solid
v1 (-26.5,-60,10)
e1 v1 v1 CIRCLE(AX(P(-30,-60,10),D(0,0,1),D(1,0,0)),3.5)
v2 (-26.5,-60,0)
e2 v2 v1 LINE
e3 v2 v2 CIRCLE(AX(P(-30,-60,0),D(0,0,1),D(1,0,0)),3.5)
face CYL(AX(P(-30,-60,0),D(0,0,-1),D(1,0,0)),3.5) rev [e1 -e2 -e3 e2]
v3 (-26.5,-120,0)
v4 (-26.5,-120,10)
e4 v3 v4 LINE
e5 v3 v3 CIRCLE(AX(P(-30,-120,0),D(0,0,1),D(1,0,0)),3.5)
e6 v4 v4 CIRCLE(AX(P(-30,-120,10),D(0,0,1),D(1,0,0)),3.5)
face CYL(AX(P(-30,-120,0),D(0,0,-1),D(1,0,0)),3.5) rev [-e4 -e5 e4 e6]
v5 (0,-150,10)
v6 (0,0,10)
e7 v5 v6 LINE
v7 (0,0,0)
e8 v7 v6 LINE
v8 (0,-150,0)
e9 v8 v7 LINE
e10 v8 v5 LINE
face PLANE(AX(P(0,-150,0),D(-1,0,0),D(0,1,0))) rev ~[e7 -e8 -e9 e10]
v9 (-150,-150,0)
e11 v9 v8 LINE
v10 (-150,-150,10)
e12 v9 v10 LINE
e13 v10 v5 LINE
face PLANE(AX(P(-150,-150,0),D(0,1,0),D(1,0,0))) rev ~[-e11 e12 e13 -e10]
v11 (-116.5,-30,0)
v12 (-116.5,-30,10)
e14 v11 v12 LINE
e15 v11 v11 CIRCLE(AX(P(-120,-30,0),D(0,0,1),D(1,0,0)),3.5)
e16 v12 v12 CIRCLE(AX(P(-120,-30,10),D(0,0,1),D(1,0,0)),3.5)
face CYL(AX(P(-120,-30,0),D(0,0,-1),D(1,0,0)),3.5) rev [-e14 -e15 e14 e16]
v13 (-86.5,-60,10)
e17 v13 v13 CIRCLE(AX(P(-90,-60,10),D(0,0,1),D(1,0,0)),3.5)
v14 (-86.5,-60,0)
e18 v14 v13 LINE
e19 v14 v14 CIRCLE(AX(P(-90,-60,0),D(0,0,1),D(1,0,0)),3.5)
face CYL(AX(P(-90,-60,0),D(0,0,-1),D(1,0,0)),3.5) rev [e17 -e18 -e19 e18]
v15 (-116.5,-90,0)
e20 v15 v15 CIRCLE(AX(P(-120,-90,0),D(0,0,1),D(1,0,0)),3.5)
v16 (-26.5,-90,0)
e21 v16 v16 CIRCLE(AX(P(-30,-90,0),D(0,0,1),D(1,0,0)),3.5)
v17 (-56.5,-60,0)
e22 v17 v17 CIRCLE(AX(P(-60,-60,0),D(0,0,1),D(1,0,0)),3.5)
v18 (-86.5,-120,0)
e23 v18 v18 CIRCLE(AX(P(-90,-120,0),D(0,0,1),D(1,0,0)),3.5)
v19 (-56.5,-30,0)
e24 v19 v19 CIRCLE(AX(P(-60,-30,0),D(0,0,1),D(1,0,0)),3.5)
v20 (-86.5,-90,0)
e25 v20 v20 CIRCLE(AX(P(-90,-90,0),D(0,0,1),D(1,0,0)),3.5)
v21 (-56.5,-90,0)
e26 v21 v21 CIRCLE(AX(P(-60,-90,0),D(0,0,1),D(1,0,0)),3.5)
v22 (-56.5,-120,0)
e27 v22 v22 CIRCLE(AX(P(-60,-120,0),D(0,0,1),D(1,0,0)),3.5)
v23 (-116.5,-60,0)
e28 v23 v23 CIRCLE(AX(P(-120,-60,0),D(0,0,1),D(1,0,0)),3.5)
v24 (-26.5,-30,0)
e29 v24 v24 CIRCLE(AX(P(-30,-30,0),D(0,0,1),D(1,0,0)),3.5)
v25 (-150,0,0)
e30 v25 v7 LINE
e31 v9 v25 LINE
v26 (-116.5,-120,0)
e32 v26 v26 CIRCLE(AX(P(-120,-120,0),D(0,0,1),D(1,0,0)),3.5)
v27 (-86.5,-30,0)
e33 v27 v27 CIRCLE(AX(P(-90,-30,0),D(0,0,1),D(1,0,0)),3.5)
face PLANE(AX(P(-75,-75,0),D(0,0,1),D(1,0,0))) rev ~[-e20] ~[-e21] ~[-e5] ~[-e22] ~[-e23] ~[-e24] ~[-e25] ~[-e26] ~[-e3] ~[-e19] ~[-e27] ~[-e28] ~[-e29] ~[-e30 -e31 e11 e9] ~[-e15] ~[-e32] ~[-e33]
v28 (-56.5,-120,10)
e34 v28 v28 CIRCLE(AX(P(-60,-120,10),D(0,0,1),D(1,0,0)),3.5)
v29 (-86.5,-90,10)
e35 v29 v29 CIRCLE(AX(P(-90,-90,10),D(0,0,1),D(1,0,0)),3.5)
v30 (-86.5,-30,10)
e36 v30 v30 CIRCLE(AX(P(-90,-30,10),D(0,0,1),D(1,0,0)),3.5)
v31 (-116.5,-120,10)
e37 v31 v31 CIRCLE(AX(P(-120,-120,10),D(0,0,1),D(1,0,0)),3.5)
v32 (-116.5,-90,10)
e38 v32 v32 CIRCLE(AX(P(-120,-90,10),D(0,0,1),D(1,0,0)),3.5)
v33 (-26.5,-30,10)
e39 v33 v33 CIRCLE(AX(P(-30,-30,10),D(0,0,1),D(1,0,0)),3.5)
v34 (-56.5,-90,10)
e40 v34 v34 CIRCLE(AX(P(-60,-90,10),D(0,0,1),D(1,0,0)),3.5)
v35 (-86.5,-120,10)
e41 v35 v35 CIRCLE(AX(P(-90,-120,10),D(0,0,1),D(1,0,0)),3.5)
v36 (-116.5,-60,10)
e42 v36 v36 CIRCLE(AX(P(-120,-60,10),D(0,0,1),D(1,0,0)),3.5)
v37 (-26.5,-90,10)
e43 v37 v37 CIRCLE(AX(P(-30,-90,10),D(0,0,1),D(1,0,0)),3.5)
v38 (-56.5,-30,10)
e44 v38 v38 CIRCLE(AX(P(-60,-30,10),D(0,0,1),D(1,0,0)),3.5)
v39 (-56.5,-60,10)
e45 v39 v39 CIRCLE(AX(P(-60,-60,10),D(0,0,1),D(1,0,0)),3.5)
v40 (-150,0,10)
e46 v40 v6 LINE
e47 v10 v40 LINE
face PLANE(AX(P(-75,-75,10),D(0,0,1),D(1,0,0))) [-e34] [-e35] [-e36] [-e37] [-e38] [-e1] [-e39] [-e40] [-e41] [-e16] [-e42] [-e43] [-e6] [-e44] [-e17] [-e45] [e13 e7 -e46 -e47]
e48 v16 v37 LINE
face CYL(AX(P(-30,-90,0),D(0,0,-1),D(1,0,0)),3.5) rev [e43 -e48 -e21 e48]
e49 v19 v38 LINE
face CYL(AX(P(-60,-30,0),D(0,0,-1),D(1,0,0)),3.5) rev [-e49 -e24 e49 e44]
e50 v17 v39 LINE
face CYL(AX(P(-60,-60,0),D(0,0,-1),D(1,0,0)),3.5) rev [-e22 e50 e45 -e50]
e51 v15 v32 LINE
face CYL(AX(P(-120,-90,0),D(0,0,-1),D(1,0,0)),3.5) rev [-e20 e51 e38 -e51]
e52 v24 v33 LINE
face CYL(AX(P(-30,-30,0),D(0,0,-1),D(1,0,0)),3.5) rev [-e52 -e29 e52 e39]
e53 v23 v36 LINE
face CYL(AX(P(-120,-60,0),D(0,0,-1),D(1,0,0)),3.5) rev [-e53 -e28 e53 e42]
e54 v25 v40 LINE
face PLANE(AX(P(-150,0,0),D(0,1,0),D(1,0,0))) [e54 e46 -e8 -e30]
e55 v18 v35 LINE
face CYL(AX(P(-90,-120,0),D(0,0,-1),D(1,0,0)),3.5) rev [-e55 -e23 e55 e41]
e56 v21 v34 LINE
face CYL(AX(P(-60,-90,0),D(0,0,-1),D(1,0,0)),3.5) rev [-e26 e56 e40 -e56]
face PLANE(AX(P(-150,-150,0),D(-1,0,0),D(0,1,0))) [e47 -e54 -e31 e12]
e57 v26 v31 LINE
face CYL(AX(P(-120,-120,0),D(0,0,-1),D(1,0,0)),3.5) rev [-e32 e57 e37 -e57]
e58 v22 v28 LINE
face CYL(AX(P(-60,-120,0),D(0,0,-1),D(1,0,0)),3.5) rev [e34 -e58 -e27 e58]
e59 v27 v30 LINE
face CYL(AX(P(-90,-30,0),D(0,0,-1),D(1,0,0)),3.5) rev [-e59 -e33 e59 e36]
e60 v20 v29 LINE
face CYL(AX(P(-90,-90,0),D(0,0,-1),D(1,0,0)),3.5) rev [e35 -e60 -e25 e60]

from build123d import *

# Parameters (mm, degrees)
F0_W     = 150
F0_H     = 150
F0_R     = 3.5
F1_DEPTH = 10


with BuildPart() as f1:
    # F0 (on Top) → F1 (new body)
    with BuildSketch(Plane.XY):
        with Locations((-75, -75)):
            Rectangle(F0_W, F0_H)
        with Locations((-120, -120)):
            Circle(F0_R, mode=Mode.SUBTRACT)
        with Locations((-90, -120)):
            Circle(F0_R, mode=Mode.SUBTRACT)
        with Locations((-120, -90)):
            Circle(F0_R, mode=Mode.SUBTRACT)
        with Locations((-90, -90)):
            Circle(F0_R, mode=Mode.SUBTRACT)
        with Locations((-60, -120)):
            Circle(F0_R, mode=Mode.SUBTRACT)
        with Locations((-30, -120)):
            Circle(F0_R, mode=Mode.SUBTRACT)
        with Locations((-60, -90)):
            Circle(F0_R, mode=Mode.SUBTRACT)
        with Locations((-30, -90)):
            Circle(F0_R, mode=Mode.SUBTRACT)
        with Locations((-120, -60)):
            Circle(F0_R, mode=Mode.SUBTRACT)
        with Locations((-90, -60)):
            Circle(F0_R, mode=Mode.SUBTRACT)
        with Locations((-120, -30)):
            Circle(F0_R, mode=Mode.SUBTRACT)
        with Locations((-90, -30)):
            Circle(F0_R, mode=Mode.SUBTRACT)
        with Locations((-60, -60)):
            Circle(F0_R, mode=Mode.SUBTRACT)
        with Locations((-30, -60)):
            Circle(F0_R, mode=Mode.SUBTRACT)
        with Locations((-60, -30)):
            Circle(F0_R, mode=Mode.SUBTRACT)
        with Locations((-30, -30)):
            Circle(F0_R, mode=Mode.SUBTRACT)
    extrude(amount=F1_DEPTH)


solid = f1.part
